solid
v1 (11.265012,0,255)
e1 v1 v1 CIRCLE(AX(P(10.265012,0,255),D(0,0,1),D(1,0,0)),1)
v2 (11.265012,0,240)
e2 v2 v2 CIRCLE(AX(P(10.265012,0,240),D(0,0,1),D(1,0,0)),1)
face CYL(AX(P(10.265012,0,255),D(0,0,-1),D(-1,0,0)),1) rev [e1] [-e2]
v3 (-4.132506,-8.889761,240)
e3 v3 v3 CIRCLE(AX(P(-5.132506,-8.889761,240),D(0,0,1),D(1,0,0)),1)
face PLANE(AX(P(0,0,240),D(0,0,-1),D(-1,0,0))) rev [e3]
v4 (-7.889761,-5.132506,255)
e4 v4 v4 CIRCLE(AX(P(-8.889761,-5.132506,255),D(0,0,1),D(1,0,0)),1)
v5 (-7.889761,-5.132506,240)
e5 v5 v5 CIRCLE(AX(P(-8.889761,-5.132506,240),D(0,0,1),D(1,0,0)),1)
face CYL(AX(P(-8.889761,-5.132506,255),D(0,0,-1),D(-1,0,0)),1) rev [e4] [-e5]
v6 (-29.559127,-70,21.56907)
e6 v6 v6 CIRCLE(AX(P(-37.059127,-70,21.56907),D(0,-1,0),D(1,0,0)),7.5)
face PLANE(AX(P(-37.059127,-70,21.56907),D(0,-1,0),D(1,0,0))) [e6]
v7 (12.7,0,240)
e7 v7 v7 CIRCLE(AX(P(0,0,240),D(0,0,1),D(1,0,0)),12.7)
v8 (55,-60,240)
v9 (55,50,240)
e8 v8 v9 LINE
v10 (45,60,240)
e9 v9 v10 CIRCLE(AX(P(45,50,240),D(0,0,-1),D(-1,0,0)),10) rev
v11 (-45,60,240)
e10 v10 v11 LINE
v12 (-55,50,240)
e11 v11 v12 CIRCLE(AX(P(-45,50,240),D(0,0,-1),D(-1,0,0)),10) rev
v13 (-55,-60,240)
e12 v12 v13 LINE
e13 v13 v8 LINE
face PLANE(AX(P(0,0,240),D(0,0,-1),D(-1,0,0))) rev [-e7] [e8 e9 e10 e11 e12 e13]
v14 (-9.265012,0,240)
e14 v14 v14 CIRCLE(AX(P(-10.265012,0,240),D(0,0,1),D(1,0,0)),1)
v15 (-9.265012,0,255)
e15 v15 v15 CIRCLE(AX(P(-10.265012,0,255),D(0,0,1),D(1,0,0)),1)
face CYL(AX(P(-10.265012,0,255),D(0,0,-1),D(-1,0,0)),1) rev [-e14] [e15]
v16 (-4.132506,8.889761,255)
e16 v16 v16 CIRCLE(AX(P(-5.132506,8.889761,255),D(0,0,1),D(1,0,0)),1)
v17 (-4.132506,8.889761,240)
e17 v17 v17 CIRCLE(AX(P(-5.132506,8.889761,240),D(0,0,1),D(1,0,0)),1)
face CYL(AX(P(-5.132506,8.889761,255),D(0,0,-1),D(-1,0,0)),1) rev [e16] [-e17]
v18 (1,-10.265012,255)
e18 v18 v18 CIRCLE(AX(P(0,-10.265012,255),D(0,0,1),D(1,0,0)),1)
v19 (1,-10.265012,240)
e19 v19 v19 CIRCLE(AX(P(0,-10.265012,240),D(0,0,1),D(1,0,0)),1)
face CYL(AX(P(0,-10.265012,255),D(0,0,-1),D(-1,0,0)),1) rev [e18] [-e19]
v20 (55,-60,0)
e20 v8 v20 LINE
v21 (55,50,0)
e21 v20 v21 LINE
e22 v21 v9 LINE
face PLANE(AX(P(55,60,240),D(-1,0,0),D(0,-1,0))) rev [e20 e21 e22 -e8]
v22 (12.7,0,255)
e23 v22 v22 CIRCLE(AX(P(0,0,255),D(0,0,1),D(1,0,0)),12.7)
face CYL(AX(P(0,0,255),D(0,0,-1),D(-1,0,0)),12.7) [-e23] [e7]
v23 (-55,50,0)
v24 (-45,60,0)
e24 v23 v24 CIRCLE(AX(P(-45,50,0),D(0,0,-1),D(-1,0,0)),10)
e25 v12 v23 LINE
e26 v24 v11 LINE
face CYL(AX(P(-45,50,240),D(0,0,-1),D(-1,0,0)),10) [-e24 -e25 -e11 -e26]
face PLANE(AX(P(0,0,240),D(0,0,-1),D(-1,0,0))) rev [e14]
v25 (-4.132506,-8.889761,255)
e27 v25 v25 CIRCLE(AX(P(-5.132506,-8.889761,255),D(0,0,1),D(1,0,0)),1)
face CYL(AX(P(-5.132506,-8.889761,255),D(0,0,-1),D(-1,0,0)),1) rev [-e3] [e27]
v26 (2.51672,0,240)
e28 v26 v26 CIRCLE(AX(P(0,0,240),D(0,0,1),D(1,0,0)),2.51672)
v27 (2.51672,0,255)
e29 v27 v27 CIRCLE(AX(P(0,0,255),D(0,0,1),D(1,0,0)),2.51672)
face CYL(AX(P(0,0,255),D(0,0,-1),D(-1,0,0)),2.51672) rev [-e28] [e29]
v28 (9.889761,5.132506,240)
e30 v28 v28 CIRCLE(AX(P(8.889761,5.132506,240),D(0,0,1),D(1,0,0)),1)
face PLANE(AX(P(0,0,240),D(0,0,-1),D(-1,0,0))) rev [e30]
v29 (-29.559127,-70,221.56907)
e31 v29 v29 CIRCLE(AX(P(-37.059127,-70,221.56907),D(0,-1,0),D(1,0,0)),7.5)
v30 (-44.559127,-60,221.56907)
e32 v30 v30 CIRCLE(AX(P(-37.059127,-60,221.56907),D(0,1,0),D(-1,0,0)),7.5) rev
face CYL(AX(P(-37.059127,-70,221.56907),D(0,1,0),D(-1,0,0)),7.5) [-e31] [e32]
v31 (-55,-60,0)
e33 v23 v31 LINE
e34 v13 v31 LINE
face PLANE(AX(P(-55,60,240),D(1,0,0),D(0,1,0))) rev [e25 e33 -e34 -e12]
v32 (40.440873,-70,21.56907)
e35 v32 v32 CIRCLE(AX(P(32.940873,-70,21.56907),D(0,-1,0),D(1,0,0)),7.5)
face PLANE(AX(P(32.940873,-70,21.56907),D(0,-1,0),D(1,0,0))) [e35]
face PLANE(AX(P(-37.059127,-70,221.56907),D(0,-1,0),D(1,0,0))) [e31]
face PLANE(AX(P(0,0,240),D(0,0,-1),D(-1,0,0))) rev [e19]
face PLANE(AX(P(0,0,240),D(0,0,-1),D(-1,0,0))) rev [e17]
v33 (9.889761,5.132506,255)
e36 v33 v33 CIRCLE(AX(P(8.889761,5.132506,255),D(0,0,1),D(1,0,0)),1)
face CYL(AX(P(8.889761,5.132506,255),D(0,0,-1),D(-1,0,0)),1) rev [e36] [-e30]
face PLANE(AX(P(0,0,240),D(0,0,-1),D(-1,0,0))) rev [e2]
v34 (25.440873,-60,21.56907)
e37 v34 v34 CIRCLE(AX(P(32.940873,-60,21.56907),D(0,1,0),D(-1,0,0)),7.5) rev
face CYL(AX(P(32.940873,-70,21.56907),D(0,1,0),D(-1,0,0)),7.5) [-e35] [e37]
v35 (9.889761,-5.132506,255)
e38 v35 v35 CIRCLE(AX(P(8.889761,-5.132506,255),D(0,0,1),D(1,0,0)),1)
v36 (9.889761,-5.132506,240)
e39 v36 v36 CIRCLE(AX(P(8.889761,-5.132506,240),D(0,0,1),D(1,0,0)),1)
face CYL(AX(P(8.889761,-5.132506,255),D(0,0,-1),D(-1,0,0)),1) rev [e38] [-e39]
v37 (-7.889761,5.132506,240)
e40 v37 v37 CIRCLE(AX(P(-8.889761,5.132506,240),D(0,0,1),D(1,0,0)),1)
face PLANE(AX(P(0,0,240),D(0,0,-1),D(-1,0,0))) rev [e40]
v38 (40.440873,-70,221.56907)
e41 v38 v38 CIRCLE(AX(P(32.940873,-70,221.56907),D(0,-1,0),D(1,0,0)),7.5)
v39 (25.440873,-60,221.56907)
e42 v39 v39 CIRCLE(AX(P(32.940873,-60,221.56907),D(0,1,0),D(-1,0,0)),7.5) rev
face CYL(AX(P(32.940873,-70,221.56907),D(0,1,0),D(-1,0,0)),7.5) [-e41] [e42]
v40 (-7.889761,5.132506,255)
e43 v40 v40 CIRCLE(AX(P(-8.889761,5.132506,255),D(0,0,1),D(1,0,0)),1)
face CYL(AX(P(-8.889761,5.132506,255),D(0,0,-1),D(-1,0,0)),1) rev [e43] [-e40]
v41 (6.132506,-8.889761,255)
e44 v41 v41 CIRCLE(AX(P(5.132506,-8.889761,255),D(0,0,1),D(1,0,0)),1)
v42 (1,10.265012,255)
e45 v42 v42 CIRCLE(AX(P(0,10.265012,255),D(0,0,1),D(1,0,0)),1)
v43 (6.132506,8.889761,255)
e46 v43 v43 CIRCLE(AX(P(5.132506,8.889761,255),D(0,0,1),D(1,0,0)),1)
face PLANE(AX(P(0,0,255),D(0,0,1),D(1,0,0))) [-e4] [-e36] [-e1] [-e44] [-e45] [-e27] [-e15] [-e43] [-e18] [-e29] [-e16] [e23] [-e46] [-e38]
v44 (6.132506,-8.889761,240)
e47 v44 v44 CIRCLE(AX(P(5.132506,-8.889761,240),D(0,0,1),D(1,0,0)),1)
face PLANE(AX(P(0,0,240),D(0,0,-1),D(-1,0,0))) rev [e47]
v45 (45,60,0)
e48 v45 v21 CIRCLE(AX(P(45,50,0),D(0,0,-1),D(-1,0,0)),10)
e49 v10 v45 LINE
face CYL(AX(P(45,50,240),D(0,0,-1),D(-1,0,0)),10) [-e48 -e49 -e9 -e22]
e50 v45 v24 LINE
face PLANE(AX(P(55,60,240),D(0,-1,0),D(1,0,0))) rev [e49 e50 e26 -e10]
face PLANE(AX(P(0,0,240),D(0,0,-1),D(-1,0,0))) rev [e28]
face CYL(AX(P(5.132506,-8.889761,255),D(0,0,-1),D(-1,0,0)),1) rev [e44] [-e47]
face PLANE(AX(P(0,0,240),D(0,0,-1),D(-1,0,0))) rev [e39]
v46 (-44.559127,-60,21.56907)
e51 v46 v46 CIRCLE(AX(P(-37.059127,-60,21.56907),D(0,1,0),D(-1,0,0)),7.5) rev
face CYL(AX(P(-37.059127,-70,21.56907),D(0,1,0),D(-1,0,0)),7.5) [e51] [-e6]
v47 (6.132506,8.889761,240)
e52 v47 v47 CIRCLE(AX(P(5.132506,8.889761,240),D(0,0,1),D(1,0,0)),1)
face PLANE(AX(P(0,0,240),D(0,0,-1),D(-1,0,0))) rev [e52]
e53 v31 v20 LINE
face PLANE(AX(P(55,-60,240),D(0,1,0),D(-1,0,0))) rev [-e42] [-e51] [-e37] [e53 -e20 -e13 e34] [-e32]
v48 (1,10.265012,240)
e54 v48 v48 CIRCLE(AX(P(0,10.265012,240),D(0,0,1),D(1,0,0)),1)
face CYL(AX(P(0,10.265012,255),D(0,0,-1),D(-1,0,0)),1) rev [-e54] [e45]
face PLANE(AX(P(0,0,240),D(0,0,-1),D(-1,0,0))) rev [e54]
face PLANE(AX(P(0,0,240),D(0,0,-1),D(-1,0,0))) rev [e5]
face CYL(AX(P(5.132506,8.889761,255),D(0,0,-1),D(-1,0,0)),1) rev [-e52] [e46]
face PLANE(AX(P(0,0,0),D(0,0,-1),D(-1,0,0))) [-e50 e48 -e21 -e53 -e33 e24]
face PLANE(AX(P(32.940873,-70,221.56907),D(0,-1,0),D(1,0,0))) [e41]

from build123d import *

# Parameters (mm, degrees)
SKETCH1_W           = 110
SKETCH1_H           = 120
BOSS_EXTRUDE1_DEPTH = 240
FILLET1_R           = 10
SKETCH2_R           = 7.5
BOSS_EXTRUDE2_DEPTH = 10
SKETCH3_R           = 12.7
SKETCH3_R_2         = 2.516719654
SKETCH3_R_3         = 1
BOSS_EXTRUDE3_DEPTH = 15


with BuildPart() as part:
    # Sketch1 → Boss-Extrude1 (new body)
    with BuildSketch(Plane.XY):
        Rectangle(SKETCH1_W, SKETCH1_H)
    extrude(amount=BOSS_EXTRUDE1_DEPTH)

    # Fillet1
    fillet1_edges = [part.edges().sort_by_distance(p)[0] for p in [
        (-55, 60, 120),
        (55, 60, 120),
    ]]
    fillet(fillet1_edges, radius=FILLET1_R)

    # Sketch2 → Boss-Extrude2 (add)
    with BuildSketch(Plane.XZ.offset(60)):
        with Locations(Location((-37.059126993, 221.569070344, 0), (0, 0, 180))):
            Circle(SKETCH2_R)
        with Locations(Location((32.940873007, 221.569070344, 0), (0, 0, 180))):
            Circle(SKETCH2_R)
        with Locations(Location((32.940873007, 21.569070344, 0), (0, 0, 180))):
            Circle(SKETCH2_R)
        with Locations(Location((-37.059126993, 21.569070344, 0), (0, 0, 180))):
            Circle(SKETCH2_R)
    extrude(amount=BOSS_EXTRUDE2_DEPTH)

    # Sketch3 → Boss-Extrude3 (add)
    with BuildSketch(Plane.XY.offset(240)):
        Circle(SKETCH3_R)
        Circle(SKETCH3_R_2, mode=Mode.SUBTRACT)
        with Locations((-10.265012075, 0)):
            Circle(SKETCH3_R_3, mode=Mode.SUBTRACT)
        with Locations((-8.889761227, 5.132506037)):
            Circle(SKETCH3_R_3, mode=Mode.SUBTRACT)
        with Locations((-5.132506037, 8.889761227)):
            Circle(SKETCH3_R_3, mode=Mode.SUBTRACT)
        with Locations((0, 10.265012075)):
            Circle(SKETCH3_R_3, mode=Mode.SUBTRACT)
        with Locations((5.132506037, 8.889761227)):
            Circle(SKETCH3_R_3, mode=Mode.SUBTRACT)
        with Locations((8.889761227, 5.132506037)):
            Circle(SKETCH3_R_3, mode=Mode.SUBTRACT)
        with Locations((10.265012075, 0)):
            Circle(SKETCH3_R_3, mode=Mode.SUBTRACT)
        with Locations((8.889761227, -5.132506037)):
            Circle(SKETCH3_R_3, mode=Mode.SUBTRACT)
        with Locations((5.132506037, -8.889761227)):
            Circle(SKETCH3_R_3, mode=Mode.SUBTRACT)
        with Locations((0, -10.265012075)):
            Circle(SKETCH3_R_3, mode=Mode.SUBTRACT)
        with Locations((-5.132506037, -8.889761227)):
            Circle(SKETCH3_R_3, mode=Mode.SUBTRACT)
        with Locations((-8.889761227, -5.132506037)):
            Circle(SKETCH3_R_3, mode=Mode.SUBTRACT)
    extrude(amount=BOSS_EXTRUDE3_DEPTH)


solid = part.part
